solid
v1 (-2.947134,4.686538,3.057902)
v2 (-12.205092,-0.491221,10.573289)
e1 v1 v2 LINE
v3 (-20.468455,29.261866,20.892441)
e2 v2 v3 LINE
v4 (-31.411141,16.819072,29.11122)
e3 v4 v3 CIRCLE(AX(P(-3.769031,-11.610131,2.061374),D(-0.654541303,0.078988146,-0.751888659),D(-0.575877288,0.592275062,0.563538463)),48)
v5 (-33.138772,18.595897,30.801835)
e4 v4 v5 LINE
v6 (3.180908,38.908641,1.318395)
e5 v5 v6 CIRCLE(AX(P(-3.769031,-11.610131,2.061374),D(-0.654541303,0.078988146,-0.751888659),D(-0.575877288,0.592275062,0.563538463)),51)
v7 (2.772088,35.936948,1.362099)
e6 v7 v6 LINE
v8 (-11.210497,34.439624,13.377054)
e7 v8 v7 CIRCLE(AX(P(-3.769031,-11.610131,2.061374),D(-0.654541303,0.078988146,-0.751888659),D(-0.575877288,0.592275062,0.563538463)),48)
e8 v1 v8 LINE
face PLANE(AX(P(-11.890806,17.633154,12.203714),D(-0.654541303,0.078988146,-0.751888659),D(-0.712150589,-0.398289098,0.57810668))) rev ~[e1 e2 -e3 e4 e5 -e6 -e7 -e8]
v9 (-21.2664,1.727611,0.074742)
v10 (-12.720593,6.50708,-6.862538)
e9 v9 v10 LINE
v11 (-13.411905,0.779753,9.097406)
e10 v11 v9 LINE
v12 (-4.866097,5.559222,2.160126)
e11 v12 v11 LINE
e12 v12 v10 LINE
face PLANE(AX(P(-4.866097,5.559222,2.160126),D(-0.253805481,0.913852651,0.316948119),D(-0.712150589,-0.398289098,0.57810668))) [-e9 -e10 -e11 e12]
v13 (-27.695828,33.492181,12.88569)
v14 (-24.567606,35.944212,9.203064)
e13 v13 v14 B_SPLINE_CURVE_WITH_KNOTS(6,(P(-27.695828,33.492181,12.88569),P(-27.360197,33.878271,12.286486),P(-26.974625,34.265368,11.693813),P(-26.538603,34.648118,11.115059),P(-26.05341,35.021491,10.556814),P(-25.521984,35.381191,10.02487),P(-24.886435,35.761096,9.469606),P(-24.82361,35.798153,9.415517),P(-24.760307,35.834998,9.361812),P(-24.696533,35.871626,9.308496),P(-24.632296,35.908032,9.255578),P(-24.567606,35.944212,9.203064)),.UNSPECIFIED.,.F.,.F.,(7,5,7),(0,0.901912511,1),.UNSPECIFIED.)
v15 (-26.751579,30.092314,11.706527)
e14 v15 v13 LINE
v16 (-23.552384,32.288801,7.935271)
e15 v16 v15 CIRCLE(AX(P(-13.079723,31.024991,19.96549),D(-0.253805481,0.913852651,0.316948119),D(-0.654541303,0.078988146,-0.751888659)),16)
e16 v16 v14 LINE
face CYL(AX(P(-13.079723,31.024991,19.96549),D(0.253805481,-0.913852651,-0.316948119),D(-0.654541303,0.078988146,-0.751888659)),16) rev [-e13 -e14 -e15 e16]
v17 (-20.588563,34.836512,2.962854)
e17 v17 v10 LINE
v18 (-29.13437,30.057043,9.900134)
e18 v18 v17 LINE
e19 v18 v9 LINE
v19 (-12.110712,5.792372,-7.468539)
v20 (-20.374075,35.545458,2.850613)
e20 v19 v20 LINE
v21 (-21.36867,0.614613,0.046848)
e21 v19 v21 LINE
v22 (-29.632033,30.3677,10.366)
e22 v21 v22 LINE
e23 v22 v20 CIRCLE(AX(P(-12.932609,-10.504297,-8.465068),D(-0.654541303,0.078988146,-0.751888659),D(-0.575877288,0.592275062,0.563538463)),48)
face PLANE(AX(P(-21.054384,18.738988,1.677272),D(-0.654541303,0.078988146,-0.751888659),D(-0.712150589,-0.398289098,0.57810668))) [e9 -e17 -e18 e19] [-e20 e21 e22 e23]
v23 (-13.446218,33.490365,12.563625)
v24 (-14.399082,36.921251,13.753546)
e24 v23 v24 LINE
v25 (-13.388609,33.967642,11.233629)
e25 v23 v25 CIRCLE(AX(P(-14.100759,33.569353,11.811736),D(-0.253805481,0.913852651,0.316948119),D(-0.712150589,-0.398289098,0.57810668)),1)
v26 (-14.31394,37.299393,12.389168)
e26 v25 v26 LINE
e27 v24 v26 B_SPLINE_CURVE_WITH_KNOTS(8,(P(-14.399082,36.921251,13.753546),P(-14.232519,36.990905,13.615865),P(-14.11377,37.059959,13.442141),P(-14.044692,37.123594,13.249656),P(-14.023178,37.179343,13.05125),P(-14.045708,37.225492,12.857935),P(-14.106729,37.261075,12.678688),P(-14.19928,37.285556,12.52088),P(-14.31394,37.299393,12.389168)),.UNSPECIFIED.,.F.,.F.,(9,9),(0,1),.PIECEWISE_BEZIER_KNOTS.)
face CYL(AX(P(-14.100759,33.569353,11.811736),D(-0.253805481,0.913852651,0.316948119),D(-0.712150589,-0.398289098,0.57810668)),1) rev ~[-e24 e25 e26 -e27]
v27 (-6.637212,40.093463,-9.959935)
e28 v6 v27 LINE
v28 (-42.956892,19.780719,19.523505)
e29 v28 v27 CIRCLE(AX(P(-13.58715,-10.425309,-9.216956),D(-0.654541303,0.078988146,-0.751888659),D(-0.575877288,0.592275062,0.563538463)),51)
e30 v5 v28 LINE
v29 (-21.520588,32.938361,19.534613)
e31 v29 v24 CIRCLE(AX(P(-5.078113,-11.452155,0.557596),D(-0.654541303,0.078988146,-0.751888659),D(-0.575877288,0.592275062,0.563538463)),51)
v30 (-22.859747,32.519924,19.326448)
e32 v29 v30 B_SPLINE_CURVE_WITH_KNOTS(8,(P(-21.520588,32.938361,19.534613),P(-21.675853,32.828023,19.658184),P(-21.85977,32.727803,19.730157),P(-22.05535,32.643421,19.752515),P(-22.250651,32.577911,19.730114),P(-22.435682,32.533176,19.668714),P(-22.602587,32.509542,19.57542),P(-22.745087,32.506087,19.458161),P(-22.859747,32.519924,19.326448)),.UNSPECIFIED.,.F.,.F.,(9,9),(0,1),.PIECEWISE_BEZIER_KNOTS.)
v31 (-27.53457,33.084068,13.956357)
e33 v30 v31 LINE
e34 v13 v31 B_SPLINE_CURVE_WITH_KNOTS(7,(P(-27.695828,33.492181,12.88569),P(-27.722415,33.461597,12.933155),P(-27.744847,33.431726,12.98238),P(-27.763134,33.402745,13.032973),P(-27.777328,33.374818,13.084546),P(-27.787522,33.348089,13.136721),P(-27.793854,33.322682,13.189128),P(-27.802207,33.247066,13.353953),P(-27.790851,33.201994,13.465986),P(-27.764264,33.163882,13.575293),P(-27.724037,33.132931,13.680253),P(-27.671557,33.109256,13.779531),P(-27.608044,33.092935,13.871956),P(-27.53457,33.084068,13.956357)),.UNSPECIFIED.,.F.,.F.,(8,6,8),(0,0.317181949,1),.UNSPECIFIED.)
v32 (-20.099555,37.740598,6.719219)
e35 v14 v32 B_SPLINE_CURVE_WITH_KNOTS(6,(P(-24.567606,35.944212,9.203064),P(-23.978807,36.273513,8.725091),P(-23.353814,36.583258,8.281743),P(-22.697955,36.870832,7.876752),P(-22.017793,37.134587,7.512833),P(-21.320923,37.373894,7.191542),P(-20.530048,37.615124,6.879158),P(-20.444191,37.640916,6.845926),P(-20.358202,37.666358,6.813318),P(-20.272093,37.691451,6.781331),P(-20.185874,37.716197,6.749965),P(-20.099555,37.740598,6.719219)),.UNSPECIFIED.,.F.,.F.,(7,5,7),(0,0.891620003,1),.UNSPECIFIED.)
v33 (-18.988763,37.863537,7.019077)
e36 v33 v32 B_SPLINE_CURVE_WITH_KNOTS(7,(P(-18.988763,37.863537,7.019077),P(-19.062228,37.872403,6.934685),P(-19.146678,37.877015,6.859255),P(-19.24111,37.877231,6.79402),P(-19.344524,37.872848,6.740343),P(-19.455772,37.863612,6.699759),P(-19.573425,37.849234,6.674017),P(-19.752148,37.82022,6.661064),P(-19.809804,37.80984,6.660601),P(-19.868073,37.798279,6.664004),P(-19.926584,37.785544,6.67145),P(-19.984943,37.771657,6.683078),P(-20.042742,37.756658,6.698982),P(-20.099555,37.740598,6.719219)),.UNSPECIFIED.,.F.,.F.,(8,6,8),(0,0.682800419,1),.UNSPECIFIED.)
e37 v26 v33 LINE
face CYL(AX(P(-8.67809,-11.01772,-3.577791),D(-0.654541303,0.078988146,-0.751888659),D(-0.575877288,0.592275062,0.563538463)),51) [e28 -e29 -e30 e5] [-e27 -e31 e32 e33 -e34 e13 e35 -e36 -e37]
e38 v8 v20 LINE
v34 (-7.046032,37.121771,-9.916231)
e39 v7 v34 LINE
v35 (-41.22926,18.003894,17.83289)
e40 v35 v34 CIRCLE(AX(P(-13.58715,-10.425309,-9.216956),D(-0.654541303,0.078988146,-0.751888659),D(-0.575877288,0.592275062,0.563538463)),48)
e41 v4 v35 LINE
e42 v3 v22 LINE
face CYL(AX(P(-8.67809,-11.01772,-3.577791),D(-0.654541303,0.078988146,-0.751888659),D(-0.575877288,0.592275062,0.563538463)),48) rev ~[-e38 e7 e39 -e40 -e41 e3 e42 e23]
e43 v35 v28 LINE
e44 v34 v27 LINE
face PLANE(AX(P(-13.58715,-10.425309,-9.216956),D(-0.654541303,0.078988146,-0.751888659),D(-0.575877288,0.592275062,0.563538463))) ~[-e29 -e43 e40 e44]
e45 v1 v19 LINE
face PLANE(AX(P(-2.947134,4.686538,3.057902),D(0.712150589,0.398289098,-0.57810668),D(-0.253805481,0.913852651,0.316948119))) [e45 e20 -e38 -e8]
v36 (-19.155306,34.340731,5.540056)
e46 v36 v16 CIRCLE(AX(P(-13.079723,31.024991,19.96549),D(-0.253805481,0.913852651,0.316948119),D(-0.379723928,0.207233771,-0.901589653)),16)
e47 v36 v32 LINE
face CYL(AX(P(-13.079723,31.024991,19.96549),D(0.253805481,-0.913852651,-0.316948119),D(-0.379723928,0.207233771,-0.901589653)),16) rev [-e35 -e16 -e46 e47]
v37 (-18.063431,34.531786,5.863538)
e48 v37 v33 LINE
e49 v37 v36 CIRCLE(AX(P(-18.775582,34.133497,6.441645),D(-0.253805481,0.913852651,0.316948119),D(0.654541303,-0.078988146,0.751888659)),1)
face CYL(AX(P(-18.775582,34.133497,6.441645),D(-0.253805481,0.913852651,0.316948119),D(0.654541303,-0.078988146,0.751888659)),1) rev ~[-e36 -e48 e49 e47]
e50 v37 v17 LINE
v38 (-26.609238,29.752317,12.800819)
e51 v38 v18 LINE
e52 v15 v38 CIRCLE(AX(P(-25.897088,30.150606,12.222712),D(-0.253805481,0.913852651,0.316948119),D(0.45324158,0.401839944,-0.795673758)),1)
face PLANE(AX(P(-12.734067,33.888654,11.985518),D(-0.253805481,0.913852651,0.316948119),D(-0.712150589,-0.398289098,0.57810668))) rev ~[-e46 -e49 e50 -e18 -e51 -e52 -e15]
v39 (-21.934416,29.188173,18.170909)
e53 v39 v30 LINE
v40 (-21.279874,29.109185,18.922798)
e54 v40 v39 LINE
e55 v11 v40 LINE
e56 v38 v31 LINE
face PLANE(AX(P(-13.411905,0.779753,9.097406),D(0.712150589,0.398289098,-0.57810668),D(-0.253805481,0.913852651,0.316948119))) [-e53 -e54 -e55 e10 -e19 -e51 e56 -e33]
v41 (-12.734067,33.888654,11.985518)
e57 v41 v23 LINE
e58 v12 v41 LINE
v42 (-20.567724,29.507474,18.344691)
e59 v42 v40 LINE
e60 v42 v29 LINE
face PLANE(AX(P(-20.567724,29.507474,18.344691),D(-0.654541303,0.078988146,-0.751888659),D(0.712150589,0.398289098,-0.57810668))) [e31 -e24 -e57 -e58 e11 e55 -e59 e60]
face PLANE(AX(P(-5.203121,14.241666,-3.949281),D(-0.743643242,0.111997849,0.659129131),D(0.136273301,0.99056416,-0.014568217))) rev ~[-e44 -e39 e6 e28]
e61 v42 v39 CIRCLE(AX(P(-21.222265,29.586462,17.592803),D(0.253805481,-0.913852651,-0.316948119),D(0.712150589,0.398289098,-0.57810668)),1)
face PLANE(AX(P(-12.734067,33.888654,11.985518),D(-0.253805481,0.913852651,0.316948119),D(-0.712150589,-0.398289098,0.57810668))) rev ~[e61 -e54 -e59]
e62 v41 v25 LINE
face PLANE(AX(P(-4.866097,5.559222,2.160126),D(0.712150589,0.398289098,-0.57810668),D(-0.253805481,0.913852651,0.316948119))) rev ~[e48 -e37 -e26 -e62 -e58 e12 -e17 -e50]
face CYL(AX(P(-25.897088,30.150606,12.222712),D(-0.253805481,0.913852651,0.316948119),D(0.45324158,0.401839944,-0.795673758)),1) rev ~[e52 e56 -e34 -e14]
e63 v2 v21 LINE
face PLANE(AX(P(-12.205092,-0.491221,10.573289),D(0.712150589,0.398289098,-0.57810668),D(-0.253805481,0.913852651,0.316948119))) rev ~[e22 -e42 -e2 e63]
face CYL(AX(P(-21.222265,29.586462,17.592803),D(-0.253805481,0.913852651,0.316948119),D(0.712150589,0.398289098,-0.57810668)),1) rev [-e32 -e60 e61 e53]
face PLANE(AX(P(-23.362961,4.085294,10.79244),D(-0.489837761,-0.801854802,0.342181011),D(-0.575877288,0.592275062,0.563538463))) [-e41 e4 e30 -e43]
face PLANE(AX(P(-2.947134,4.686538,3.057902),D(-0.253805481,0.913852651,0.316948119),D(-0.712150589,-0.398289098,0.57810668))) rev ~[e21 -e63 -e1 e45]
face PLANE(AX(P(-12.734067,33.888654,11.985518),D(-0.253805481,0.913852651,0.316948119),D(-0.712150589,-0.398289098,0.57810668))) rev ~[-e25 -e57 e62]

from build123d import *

# Parameters (mm, degrees)
EXTRUDE_DEPTH               = 5
EXTRUDE001_DEPTH            = 5
THICKNESS_T                 = 1
BOX_W                       = 12
BOX_H                       = 31
BOX_DEPTH                   = 15
BOX001_W                    = 13
BOX001_H                    = 34
BOX001_DEPTH                = 14
CYLINDER001_W               = 48
CYLINDER001_H               = 15
CYLINDER001_ANGLE           = 60
CYLINDER001_PLACEMENT_ANGLE = 60
CYLINDER_W                  = 51
CYLINDER_H                  = 15
CYLINDER_ANGLE              = 60
CYLINDER_PLACEMENT_ANGLE    = 60
CUT002_ROLL_ANGLE           = 157.1428266503
CUT002_PITCH_ANGLE          = -35.3174864898
CUT002_PLACEMENT_ANGLE      = -150.7827400319


with BuildPart() as extrude_body:
    # Common_cs → Extrude (new body)
    with BuildSketch(Plane(origin=(8.5, 45, 6), x_dir=(1, 0, 0), z_dir=(0, 1, 0))):
        with BuildLine():
            Line((5, 4), (-5, 4))
            Line((-5, 4), (-5, -3.1421356237))
            ThreePointArc((-5, -3.1421356237), (-2.5365296809, -3.7839783948), (0, -4))
            ThreePointArc((0, -4), (2.5365296809, -3.7839783948), (5, -3.1421356237))
            Line((5, -3.1421356237), (5, 4))
        make_face()
    extrude(amount=EXTRUDE_DEPTH)


with BuildPart() as extrude001:
    # Common_cs001 → Extrude001 (new body)
    with BuildSketch(Plane(origin=(8.5, 45, 6), x_dir=(1, 0, 0), z_dir=(0, 1, 0))):
        with BuildLine():
            Line((5, 4), (-5, 4))
            Line((-5, 4), (-5, -3.1421356237))
            ThreePointArc((-5, -3.1421356237), (-2.5365296809, -3.7839783948), (0, -4))
            ThreePointArc((0, -4), (2.5365296809, -3.7839783948), (5, -3.1421356237))
            Line((5, -3.1421356237), (5, 4))
        make_face()
    extrude(amount=EXTRUDE001_DEPTH)


with BuildPart() as bolt_bottle_side_opening:
    # Thickness base: copy of Extrude body
    add(extrude_body.part)

    # Thickness
    thickness_openings = [bolt_bottle_side_opening.faces().sort_by_distance(p)[0] for p in [
        (8.5, 50, 5.862901),
    ]]
    offset(amount=THICKNESS_T, openings=thickness_openings)

    # Fusion: union Extrude body, Extrude001
    add(extrude_body.part)
    add(extrude001.part)


with BuildPart() as bolt_bottle_side_opening_1:
    # Fusion placement: moved
    add(bolt_bottle_side_opening.part.moved(Location((0, -7, 1))))


with BuildPart() as pullbay:
    # Box → Box (new body)
    with BuildSketch(Plane(origin=(2.5, 7, 2), x_dir=(1, 0, 0), z_dir=(0, 0, 1))):
        with Locations((6, 15.5)):
            Rectangle(BOX_W, BOX_H)
    extrude(amount=BOX_DEPTH)


with BuildPart() as cut_bay_from_case:
    # Box001 → Box001 (new body)
    with BuildSketch(Plane(origin=(2, 6, 0), x_dir=(1, 0, 0), z_dir=(0, 0, 1))):
        with Locations((6.5, 17)):
            Rectangle(BOX001_W, BOX001_H)
    extrude(amount=BOX001_DEPTH)

    # Cut001: cut pullBay
    add(pullbay.part, mode=Mode.SUBTRACT)


with BuildPart() as bottle_wall001:
    # Cylinder001 → Cylinder001 (revolve)
    with BuildSketch(Plane.XZ):
        with Locations((24, 7.5)):
            Rectangle(CYLINDER001_W, CYLINDER001_H)
    revolve(axis=Axis((0, 0, 0), (0, 0, 1)), revolution_arc=CYLINDER001_ANGLE)


with BuildPart() as bottle_wall001_1:
    # Cylinder001 placement: moved
    add(bottle_wall001.part.moved(Location((8.5, -7, 0))).rotate(Axis((8.5, -7, 0), (0, 0, 1)), CYLINDER001_PLACEMENT_ANGLE))


with BuildPart() as hole_cut_out_of_case:
    # Cylinder → Cylinder (revolve)
    with BuildSketch(Plane.XZ):
        with Locations((25.5, 7.5)):
            Rectangle(CYLINDER_W, CYLINDER_H)
    revolve(axis=Axis((0, 0, 0), (0, 0, 1)), revolution_arc=CYLINDER_ANGLE)


with BuildPart() as hole_cut_out_of_case_1:
    # Cylinder placement: moved
    add(hole_cut_out_of_case.part.moved(Location((8.5, -7, 0))).rotate(Axis((8.5, -7, 0), (0, 0, 1)), CYLINDER_PLACEMENT_ANGLE))

    # Cut: cut bottle_wall001
    add(bottle_wall001_1.part, mode=Mode.SUBTRACT)


with BuildPart() as hole_cut_out_of_case_2:
    # Cut placement: moved
    add(hole_cut_out_of_case_1.part.moved(Location((0, -2, 0))))

    # Fusion001: union cut bay from case
    add(cut_bay_from_case.part)

    # Cut002: cut bolt_bottle_side_opening
    add(bolt_bottle_side_opening_1.part, mode=Mode.SUBTRACT)


with BuildPart() as hole_cut_out_of_case_3:
    # Cut002 roll: moved
    add(hole_cut_out_of_case_2.part.rotate(Axis((0, 0, 0), (1, 0, 0)), CUT002_ROLL_ANGLE))


with BuildPart() as hole_cut_out_of_case_4:
    # Cut002 pitch: moved
    add(hole_cut_out_of_case_3.part.rotate(Axis((0, 0, 0), (0, 1, 0)), CUT002_PITCH_ANGLE))


with BuildPart() as hole_cut_out_of_case_5:
    # Cut002 placement: moved
    add(hole_cut_out_of_case_4.part.rotate(Axis((0, 0, 0), (0, 0, 1)), CUT002_PLACEMENT_ANGLE))


solid = hole_cut_out_of_case_5.part
